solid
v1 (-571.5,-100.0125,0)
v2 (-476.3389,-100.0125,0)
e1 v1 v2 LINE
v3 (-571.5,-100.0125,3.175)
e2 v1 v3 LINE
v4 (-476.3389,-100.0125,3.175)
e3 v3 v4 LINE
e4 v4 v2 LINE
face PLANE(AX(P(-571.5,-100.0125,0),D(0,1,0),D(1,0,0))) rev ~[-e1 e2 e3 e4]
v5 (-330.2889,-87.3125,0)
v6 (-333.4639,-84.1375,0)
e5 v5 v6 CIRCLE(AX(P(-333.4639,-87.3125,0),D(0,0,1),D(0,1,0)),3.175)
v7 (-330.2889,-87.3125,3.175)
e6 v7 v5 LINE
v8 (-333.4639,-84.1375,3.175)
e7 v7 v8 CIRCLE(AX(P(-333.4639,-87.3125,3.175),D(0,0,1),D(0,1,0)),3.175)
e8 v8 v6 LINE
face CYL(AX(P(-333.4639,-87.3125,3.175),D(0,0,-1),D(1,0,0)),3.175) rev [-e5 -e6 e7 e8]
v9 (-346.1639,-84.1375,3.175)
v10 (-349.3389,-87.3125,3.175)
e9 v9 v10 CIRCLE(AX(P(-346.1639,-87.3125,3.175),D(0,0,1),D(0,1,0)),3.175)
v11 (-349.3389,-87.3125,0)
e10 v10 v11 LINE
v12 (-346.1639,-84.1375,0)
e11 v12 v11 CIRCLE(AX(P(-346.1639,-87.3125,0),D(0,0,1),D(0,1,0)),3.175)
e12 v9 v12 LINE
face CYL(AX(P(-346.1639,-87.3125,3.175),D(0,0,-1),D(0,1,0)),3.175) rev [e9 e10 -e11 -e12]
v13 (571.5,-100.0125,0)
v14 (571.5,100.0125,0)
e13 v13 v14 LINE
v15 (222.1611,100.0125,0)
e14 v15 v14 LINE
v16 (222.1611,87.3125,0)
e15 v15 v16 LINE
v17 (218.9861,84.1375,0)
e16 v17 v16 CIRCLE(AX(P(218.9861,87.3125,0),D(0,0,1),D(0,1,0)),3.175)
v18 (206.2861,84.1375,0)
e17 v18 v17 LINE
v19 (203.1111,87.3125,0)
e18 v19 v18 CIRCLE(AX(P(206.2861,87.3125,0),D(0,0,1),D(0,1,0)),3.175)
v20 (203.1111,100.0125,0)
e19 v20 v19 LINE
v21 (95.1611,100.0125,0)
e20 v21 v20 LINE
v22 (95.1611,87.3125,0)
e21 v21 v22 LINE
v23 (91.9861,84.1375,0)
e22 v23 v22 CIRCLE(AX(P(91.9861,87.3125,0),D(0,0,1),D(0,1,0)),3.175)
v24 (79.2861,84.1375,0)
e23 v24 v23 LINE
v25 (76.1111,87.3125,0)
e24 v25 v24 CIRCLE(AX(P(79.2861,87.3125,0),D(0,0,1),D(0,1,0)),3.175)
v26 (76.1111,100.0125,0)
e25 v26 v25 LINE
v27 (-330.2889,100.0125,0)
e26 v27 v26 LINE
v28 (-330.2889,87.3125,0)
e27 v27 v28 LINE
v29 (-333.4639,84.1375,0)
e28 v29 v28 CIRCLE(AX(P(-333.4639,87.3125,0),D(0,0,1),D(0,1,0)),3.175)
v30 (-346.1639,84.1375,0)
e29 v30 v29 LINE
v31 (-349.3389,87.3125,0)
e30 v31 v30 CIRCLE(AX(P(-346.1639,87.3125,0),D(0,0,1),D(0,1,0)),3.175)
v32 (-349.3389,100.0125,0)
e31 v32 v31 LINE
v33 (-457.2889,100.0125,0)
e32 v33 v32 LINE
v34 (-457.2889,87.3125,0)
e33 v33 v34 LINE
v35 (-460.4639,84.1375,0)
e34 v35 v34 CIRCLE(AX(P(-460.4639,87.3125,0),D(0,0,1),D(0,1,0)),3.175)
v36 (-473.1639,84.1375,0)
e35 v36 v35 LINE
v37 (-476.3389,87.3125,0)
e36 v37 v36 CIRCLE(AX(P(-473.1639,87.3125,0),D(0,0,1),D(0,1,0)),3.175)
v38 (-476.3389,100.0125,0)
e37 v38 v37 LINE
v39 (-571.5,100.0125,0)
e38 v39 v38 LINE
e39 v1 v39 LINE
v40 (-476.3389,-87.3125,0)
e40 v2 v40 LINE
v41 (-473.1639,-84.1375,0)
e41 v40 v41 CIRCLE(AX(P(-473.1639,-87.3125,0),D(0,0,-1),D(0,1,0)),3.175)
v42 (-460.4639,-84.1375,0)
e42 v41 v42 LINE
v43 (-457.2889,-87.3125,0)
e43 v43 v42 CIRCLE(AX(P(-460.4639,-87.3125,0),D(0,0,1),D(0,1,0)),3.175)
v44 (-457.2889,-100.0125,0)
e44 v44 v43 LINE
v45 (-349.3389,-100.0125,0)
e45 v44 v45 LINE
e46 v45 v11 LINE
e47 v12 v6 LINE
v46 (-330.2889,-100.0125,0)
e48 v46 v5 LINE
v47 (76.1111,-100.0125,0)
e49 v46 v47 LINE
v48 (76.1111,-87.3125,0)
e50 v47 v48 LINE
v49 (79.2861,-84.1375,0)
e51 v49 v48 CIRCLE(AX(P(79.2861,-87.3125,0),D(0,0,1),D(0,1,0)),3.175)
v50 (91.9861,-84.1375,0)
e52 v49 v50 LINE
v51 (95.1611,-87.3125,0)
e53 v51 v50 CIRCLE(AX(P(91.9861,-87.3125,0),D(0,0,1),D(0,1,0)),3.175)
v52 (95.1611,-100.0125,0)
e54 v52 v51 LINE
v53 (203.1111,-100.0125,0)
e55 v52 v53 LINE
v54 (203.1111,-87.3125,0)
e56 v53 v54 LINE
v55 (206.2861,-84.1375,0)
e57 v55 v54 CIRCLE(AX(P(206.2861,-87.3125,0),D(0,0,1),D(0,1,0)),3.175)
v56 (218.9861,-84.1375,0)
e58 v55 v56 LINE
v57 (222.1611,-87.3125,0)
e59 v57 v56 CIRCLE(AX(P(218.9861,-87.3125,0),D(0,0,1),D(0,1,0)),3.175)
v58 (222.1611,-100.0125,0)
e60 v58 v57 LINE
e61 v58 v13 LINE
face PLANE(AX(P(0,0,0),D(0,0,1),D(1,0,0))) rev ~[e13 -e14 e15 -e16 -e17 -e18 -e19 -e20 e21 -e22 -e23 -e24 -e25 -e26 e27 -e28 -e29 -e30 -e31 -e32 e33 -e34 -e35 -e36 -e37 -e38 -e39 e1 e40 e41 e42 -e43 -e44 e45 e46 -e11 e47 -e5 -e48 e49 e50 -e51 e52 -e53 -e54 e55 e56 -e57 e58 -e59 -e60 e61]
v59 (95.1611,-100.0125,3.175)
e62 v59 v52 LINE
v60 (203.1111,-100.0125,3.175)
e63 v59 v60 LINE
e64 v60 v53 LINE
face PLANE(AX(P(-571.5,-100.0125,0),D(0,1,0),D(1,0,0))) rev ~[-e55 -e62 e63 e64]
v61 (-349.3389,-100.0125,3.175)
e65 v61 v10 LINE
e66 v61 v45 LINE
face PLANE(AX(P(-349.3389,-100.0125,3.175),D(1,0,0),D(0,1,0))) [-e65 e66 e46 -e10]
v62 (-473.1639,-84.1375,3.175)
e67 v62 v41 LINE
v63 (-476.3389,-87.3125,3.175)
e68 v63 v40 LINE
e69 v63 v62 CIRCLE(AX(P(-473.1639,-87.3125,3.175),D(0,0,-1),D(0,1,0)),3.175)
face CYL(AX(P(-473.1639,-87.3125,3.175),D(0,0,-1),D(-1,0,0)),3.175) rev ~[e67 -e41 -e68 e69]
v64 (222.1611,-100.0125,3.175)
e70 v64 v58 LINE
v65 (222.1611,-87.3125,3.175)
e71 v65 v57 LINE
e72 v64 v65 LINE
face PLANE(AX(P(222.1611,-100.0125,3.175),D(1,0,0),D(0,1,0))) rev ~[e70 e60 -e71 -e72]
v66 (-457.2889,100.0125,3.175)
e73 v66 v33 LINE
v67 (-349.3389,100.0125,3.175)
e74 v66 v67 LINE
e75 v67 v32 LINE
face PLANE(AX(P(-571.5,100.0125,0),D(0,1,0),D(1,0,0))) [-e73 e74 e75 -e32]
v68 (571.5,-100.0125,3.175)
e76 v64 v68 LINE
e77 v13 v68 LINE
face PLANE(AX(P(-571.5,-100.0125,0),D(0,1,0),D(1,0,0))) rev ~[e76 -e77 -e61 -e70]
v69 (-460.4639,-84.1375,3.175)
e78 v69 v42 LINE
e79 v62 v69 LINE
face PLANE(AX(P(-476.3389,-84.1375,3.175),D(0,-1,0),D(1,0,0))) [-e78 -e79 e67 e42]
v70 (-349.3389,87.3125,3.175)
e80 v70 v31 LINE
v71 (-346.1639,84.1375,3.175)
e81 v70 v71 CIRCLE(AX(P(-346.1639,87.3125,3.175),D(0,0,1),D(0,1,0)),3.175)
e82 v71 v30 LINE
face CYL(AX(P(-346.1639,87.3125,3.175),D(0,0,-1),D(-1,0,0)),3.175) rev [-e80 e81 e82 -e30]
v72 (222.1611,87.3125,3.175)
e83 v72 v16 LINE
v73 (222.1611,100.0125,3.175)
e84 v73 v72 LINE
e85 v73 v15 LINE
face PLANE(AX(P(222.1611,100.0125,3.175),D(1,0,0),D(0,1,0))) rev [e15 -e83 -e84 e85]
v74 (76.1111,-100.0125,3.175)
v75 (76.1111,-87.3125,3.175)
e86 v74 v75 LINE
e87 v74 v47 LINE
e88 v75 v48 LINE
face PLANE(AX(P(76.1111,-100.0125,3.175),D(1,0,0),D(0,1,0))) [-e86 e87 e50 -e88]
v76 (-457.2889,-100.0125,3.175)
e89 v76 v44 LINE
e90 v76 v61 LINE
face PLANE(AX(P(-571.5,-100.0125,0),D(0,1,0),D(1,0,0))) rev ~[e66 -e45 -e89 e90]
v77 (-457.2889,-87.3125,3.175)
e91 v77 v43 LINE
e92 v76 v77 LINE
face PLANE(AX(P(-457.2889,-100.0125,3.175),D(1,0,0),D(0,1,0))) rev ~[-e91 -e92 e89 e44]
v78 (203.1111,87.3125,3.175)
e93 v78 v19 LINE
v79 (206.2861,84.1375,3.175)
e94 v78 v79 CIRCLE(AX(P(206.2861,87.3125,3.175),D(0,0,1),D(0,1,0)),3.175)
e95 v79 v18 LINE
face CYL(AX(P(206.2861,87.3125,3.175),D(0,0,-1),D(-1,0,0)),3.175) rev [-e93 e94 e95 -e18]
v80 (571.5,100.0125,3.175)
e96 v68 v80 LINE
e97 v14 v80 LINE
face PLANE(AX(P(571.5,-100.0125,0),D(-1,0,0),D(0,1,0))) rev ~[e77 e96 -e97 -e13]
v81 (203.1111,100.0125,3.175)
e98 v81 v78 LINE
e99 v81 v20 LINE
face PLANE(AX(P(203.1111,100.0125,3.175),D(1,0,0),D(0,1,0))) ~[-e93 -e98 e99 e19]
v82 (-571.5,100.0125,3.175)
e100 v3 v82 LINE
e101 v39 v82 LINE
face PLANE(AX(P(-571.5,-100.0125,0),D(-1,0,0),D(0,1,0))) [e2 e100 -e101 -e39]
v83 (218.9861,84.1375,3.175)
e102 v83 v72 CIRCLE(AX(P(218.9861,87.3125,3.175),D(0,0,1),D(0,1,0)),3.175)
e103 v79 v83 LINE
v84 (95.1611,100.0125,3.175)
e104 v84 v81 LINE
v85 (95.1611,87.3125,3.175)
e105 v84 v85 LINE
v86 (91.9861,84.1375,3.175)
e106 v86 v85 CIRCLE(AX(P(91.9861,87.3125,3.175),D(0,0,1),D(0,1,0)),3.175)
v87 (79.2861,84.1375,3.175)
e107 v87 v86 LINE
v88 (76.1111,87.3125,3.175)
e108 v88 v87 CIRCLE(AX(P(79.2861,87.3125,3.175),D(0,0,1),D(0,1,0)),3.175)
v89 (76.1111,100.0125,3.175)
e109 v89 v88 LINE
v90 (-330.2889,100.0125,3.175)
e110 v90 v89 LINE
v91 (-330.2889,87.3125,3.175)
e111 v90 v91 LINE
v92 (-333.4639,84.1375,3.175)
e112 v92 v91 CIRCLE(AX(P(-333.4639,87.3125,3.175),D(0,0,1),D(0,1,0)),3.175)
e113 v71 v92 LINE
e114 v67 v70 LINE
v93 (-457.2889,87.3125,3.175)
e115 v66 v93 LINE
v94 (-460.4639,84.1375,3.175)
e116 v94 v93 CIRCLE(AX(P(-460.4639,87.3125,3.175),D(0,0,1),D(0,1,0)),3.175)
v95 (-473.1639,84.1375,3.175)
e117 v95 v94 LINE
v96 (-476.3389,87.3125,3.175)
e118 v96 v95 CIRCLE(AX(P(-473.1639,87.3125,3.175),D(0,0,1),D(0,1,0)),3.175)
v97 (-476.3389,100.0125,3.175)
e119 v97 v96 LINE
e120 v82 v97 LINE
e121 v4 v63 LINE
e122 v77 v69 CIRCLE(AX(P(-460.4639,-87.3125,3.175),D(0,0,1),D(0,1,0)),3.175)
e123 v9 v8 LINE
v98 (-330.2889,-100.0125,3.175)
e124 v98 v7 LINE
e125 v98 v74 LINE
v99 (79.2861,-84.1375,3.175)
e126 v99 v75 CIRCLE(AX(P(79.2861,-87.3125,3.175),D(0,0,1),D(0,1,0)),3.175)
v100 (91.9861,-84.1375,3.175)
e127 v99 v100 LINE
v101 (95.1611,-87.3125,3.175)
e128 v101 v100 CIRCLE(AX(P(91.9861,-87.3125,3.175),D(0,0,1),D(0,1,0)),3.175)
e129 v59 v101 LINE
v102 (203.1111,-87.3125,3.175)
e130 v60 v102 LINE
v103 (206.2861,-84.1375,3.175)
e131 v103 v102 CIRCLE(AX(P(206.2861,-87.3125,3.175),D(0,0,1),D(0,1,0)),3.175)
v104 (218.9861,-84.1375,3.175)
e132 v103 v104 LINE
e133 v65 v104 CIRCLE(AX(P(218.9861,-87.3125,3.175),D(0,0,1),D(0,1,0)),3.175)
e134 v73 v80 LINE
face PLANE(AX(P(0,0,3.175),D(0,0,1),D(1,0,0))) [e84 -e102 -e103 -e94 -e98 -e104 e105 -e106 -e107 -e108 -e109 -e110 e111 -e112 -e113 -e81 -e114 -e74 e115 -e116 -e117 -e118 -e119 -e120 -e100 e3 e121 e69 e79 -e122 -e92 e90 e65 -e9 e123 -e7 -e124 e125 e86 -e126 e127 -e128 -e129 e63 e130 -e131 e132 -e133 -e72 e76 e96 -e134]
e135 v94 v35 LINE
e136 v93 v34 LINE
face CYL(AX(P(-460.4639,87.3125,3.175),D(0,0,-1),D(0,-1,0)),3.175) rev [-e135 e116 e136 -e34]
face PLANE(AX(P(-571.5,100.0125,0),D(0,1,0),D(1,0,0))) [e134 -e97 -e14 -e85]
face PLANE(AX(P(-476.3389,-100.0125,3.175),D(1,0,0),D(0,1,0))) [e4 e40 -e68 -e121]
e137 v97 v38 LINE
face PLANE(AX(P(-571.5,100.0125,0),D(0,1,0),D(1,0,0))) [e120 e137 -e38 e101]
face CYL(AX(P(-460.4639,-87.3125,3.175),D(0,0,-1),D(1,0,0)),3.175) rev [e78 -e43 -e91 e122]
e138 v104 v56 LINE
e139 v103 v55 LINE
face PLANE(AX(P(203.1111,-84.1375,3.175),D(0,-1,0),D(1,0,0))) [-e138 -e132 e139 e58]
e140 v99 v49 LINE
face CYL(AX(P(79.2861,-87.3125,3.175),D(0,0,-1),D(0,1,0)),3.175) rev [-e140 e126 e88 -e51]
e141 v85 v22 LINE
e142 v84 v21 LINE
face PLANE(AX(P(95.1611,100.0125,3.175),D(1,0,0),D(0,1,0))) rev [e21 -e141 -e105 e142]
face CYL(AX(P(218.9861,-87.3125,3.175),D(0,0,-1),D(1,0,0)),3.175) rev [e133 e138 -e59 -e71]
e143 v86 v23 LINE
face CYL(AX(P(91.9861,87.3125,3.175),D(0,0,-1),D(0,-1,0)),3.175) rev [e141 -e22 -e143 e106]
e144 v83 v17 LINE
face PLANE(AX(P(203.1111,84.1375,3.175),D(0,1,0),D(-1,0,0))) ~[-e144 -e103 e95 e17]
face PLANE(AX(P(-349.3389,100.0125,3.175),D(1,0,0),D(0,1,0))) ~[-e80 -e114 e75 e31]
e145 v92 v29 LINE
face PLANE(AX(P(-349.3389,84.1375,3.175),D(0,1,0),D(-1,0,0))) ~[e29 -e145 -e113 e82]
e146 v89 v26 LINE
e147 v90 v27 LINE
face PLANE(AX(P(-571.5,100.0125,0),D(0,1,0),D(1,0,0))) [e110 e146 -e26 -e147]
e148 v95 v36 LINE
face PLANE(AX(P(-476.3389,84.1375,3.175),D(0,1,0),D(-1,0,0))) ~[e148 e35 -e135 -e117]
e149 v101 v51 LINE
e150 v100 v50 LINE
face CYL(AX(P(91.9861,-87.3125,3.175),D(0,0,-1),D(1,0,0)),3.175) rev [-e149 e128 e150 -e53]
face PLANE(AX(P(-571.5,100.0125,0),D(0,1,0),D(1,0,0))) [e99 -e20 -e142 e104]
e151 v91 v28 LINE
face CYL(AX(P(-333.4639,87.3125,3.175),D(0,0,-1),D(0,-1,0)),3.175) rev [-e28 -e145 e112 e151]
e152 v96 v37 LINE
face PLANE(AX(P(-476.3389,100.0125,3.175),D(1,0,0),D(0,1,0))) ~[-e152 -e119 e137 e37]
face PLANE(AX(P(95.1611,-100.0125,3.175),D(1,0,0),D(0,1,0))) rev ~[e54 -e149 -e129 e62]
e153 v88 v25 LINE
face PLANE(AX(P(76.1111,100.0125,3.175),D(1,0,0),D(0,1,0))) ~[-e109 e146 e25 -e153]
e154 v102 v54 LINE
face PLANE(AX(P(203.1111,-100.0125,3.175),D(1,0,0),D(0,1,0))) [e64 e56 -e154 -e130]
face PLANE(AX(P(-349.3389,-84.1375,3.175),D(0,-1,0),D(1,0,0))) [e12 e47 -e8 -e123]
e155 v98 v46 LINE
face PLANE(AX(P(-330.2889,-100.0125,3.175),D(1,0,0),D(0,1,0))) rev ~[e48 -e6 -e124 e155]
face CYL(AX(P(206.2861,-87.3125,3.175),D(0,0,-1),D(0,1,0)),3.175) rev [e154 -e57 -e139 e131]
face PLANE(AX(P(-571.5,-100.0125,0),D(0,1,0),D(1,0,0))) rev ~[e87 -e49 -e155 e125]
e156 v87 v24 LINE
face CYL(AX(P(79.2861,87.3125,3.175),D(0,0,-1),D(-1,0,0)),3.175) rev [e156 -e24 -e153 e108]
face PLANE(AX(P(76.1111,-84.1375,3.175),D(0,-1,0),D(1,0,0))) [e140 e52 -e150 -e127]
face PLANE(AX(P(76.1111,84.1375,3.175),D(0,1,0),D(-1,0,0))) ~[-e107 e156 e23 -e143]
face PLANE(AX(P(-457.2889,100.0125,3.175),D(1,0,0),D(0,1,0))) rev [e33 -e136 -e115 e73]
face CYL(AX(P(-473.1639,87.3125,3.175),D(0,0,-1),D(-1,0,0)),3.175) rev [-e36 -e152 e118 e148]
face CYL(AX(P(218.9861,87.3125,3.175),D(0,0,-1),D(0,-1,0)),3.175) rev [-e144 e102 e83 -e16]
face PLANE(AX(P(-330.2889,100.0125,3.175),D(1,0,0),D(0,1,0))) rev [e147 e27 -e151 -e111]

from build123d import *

# Parameters (mm, degrees)
SKETCH1_W            = 1143
SKETCH1_H            = 200.025
BOSS_EXTRUDE1_DEPTH  = 3.175
SKETCH3_W            = 19.05
SKETCH3_H            = 15.875
CUT_EXTRUDE1_DEPTH   = 4.175
FILLET1_R            = 3.175
FILLET1_OF_MIRROR2_R = 3.175


with BuildPart() as part:
    # Sketch1 → Boss-Extrude1 (new body)
    with BuildSketch(Plane.XY):
        Rectangle(SKETCH1_W, SKETCH1_H)
    extrude(amount=BOSS_EXTRUDE1_DEPTH)

    # Sketch3 → Cut-Extrude1 (cut, through all)
    with BuildSketch(Plane.XY.offset(3.175)):
        with Locations((-466.8139, -92.075)):
            Rectangle(SKETCH3_W, SKETCH3_H)
        with Locations((-339.8139, -92.075)):
            Rectangle(SKETCH3_W, SKETCH3_H)
        with Locations((85.6361, -92.075)):
            Rectangle(SKETCH3_W, SKETCH3_H)
        with Locations((212.6361, -92.075)):
            Rectangle(SKETCH3_W, SKETCH3_H)
    cut_extrude1 = extrude(amount=-CUT_EXTRUDE1_DEPTH, mode=Mode.SUBTRACT)

    # Fillet1
    fillet1_edges = [part.edges().sort_by_distance(p)[0] for p in [
        (-476.3389, -84.1375, 1.5875),
        (-457.2889, -84.1375, 1.5875),
        (-349.3389, -84.1375, 1.5875),
        (-330.2889, -84.1375, 1.5875),
        (76.1111, -84.1375, 1.5875),
        (95.1611, -84.1375, 1.5875),
        (203.1111, -84.1375, 1.5875),
        (222.1611, -84.1375, 1.5875),
    ]]
    fillet(fillet1_edges, radius=FILLET1_R)

    # Mirror2: Cut-Extrude1 across plane
    add(cut_extrude1.mirror(Plane.ZX), mode=Mode.SUBTRACT)

    # Fillet1 of Mirror2
    fillet1_of_mirror2_edges = [part.edges().sort_by_distance(p)[0] for p in [
        (-476.3389, 84.1375, 1.5875),
        (-457.2889, 84.1375, 1.5875),
        (-349.3389, 84.1375, 1.5875),
        (-330.2889, 84.1375, 1.5875),
        (76.1111, 84.1375, 1.5875),
        (95.1611, 84.1375, 1.5875),
        (203.1111, 84.1375, 1.5875),
        (222.1611, 84.1375, 1.5875),
    ]]
    fillet(fillet1_of_mirror2_edges, radius=FILLET1_OF_MIRROR2_R)


solid = part.part
